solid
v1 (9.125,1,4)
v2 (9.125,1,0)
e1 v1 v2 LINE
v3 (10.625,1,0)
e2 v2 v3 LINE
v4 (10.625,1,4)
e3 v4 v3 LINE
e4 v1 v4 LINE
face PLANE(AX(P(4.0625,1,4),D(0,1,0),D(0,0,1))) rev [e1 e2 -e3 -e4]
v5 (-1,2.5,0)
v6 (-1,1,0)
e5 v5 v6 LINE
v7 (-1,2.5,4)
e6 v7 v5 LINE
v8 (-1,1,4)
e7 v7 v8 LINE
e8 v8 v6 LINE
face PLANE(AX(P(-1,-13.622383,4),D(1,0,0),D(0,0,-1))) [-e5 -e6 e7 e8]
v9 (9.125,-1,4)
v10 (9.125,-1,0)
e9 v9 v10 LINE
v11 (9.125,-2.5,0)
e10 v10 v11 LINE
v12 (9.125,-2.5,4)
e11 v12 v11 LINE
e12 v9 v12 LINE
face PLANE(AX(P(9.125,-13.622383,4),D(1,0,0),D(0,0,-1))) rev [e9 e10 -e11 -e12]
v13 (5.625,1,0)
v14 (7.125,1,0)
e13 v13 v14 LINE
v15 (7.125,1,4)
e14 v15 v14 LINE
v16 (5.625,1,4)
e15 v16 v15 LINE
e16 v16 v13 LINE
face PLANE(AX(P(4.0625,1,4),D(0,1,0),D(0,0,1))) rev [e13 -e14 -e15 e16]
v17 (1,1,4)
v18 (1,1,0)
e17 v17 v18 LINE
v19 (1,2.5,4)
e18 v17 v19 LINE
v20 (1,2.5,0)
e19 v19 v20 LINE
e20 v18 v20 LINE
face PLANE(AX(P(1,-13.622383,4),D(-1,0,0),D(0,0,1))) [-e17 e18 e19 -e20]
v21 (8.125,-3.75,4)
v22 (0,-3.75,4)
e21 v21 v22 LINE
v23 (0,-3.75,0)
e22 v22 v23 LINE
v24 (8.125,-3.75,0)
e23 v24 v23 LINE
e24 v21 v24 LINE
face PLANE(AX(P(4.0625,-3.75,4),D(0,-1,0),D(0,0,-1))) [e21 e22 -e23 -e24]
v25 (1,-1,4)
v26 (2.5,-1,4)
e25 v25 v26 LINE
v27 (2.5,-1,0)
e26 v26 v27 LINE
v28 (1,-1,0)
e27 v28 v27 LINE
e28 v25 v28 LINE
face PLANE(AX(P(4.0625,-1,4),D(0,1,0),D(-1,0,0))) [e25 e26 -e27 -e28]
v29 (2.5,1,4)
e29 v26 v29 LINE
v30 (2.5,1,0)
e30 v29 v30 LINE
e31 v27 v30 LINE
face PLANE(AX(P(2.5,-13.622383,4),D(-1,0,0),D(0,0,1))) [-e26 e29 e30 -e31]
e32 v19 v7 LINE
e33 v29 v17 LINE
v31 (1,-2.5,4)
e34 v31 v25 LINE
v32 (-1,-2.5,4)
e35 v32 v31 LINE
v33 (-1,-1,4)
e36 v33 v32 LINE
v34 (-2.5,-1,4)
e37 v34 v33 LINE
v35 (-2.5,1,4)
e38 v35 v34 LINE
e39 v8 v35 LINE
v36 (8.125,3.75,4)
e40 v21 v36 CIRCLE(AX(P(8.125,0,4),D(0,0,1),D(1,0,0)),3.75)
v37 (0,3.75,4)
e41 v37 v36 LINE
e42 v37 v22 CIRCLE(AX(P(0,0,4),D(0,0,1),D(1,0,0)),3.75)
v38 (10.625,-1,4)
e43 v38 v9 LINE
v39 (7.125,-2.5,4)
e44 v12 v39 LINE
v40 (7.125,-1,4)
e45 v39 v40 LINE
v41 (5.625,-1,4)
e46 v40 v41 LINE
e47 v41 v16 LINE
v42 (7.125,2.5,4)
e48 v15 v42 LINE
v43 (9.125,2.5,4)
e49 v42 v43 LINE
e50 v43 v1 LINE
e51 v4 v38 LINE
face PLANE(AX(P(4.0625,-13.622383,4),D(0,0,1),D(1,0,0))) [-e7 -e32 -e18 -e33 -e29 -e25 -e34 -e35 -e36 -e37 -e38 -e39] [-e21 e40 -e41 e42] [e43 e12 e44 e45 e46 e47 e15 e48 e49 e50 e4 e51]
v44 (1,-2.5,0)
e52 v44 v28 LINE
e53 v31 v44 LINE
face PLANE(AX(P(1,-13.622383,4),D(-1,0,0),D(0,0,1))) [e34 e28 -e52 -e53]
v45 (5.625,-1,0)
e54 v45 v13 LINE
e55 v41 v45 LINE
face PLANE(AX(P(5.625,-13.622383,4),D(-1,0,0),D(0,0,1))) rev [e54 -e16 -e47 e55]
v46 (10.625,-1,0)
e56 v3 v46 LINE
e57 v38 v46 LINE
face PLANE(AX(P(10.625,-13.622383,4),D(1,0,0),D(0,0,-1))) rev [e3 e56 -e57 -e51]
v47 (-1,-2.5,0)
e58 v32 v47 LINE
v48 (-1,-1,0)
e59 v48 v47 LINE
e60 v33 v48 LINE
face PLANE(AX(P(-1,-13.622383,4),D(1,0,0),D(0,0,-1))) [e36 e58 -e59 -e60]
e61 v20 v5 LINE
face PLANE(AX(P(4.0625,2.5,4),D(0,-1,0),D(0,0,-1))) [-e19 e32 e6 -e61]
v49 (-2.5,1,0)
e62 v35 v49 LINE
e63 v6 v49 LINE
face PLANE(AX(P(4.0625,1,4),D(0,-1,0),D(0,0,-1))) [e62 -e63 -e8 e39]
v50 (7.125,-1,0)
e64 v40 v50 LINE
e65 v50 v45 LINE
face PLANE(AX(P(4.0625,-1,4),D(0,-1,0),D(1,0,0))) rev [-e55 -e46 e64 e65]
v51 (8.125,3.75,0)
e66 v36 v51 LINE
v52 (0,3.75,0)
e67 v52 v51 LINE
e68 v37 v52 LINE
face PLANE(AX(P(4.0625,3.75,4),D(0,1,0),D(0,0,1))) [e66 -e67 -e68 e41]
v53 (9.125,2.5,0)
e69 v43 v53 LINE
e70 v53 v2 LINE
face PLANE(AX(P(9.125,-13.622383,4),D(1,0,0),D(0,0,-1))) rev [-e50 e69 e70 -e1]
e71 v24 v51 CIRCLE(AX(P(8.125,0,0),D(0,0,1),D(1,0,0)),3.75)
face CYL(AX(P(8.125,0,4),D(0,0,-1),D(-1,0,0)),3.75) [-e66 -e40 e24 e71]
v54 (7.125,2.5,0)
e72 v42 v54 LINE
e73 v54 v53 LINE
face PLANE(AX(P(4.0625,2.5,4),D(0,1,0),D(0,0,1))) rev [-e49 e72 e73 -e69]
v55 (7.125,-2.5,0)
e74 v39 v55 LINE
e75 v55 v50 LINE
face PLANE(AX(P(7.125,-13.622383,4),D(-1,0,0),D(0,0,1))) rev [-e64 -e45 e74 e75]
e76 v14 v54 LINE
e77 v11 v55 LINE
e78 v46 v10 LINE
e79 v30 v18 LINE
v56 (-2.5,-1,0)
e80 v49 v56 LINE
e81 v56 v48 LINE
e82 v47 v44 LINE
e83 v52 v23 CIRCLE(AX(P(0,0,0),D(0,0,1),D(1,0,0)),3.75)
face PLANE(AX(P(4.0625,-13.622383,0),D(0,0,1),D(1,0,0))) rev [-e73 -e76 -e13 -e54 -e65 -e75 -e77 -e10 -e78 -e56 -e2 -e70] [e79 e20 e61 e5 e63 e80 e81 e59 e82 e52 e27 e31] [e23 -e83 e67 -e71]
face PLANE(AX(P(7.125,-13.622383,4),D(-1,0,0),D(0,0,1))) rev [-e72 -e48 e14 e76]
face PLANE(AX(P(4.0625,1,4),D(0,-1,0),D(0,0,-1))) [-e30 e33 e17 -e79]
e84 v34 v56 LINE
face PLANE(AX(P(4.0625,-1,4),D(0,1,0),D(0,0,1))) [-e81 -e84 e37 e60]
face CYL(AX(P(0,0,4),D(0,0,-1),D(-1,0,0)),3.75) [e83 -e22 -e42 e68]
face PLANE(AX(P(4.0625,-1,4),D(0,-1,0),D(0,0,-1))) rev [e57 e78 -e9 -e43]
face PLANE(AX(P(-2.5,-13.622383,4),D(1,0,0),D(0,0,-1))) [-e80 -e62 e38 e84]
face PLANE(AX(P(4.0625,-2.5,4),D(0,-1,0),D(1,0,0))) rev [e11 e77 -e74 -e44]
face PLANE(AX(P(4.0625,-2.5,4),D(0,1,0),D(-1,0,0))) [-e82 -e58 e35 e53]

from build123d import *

# Parameters (mm, degrees)
BOSS_EXTRUDE1_DEPTH = 4


with BuildPart() as part:
    # Sketch1 → Boss-Extrude1 (new body)
    with BuildSketch(Plane.XY):
        with BuildLine():
            Line((0, 3.75), (8.125, 3.75))
            ThreePointArc((8.125, 3.75), (11.875, 0), (8.125, -3.75))
            Line((8.125, -3.75), (0, -3.75))
            ThreePointArc((0, -3.75), (-3.75, 0), (0, 3.75))
        make_face()
        Polygon((8.125, 2.5), (9.125, 2.5), (9.125, 1), (10.625, 1), (10.625, -1), (9.125, -1), (9.125, -2.5), (7.125, -2.5), (7.125, -1), (5.625, -1), (5.625, 1), (7.125, 1), (7.125, 2.5), align=None, mode=Mode.SUBTRACT)
        Polygon((1, 1), (1, 2.5), (0, 2.5), (-1, 2.5), (-1, 1), (-2.5, 1), (-2.5, -1), (-1, -1), (-1, -2.5), (1, -2.5), (1, -1), (2.5, -1), (2.5, 1), align=None, mode=Mode.SUBTRACT)
    extrude(amount=BOSS_EXTRUDE1_DEPTH)


solid = part.part
